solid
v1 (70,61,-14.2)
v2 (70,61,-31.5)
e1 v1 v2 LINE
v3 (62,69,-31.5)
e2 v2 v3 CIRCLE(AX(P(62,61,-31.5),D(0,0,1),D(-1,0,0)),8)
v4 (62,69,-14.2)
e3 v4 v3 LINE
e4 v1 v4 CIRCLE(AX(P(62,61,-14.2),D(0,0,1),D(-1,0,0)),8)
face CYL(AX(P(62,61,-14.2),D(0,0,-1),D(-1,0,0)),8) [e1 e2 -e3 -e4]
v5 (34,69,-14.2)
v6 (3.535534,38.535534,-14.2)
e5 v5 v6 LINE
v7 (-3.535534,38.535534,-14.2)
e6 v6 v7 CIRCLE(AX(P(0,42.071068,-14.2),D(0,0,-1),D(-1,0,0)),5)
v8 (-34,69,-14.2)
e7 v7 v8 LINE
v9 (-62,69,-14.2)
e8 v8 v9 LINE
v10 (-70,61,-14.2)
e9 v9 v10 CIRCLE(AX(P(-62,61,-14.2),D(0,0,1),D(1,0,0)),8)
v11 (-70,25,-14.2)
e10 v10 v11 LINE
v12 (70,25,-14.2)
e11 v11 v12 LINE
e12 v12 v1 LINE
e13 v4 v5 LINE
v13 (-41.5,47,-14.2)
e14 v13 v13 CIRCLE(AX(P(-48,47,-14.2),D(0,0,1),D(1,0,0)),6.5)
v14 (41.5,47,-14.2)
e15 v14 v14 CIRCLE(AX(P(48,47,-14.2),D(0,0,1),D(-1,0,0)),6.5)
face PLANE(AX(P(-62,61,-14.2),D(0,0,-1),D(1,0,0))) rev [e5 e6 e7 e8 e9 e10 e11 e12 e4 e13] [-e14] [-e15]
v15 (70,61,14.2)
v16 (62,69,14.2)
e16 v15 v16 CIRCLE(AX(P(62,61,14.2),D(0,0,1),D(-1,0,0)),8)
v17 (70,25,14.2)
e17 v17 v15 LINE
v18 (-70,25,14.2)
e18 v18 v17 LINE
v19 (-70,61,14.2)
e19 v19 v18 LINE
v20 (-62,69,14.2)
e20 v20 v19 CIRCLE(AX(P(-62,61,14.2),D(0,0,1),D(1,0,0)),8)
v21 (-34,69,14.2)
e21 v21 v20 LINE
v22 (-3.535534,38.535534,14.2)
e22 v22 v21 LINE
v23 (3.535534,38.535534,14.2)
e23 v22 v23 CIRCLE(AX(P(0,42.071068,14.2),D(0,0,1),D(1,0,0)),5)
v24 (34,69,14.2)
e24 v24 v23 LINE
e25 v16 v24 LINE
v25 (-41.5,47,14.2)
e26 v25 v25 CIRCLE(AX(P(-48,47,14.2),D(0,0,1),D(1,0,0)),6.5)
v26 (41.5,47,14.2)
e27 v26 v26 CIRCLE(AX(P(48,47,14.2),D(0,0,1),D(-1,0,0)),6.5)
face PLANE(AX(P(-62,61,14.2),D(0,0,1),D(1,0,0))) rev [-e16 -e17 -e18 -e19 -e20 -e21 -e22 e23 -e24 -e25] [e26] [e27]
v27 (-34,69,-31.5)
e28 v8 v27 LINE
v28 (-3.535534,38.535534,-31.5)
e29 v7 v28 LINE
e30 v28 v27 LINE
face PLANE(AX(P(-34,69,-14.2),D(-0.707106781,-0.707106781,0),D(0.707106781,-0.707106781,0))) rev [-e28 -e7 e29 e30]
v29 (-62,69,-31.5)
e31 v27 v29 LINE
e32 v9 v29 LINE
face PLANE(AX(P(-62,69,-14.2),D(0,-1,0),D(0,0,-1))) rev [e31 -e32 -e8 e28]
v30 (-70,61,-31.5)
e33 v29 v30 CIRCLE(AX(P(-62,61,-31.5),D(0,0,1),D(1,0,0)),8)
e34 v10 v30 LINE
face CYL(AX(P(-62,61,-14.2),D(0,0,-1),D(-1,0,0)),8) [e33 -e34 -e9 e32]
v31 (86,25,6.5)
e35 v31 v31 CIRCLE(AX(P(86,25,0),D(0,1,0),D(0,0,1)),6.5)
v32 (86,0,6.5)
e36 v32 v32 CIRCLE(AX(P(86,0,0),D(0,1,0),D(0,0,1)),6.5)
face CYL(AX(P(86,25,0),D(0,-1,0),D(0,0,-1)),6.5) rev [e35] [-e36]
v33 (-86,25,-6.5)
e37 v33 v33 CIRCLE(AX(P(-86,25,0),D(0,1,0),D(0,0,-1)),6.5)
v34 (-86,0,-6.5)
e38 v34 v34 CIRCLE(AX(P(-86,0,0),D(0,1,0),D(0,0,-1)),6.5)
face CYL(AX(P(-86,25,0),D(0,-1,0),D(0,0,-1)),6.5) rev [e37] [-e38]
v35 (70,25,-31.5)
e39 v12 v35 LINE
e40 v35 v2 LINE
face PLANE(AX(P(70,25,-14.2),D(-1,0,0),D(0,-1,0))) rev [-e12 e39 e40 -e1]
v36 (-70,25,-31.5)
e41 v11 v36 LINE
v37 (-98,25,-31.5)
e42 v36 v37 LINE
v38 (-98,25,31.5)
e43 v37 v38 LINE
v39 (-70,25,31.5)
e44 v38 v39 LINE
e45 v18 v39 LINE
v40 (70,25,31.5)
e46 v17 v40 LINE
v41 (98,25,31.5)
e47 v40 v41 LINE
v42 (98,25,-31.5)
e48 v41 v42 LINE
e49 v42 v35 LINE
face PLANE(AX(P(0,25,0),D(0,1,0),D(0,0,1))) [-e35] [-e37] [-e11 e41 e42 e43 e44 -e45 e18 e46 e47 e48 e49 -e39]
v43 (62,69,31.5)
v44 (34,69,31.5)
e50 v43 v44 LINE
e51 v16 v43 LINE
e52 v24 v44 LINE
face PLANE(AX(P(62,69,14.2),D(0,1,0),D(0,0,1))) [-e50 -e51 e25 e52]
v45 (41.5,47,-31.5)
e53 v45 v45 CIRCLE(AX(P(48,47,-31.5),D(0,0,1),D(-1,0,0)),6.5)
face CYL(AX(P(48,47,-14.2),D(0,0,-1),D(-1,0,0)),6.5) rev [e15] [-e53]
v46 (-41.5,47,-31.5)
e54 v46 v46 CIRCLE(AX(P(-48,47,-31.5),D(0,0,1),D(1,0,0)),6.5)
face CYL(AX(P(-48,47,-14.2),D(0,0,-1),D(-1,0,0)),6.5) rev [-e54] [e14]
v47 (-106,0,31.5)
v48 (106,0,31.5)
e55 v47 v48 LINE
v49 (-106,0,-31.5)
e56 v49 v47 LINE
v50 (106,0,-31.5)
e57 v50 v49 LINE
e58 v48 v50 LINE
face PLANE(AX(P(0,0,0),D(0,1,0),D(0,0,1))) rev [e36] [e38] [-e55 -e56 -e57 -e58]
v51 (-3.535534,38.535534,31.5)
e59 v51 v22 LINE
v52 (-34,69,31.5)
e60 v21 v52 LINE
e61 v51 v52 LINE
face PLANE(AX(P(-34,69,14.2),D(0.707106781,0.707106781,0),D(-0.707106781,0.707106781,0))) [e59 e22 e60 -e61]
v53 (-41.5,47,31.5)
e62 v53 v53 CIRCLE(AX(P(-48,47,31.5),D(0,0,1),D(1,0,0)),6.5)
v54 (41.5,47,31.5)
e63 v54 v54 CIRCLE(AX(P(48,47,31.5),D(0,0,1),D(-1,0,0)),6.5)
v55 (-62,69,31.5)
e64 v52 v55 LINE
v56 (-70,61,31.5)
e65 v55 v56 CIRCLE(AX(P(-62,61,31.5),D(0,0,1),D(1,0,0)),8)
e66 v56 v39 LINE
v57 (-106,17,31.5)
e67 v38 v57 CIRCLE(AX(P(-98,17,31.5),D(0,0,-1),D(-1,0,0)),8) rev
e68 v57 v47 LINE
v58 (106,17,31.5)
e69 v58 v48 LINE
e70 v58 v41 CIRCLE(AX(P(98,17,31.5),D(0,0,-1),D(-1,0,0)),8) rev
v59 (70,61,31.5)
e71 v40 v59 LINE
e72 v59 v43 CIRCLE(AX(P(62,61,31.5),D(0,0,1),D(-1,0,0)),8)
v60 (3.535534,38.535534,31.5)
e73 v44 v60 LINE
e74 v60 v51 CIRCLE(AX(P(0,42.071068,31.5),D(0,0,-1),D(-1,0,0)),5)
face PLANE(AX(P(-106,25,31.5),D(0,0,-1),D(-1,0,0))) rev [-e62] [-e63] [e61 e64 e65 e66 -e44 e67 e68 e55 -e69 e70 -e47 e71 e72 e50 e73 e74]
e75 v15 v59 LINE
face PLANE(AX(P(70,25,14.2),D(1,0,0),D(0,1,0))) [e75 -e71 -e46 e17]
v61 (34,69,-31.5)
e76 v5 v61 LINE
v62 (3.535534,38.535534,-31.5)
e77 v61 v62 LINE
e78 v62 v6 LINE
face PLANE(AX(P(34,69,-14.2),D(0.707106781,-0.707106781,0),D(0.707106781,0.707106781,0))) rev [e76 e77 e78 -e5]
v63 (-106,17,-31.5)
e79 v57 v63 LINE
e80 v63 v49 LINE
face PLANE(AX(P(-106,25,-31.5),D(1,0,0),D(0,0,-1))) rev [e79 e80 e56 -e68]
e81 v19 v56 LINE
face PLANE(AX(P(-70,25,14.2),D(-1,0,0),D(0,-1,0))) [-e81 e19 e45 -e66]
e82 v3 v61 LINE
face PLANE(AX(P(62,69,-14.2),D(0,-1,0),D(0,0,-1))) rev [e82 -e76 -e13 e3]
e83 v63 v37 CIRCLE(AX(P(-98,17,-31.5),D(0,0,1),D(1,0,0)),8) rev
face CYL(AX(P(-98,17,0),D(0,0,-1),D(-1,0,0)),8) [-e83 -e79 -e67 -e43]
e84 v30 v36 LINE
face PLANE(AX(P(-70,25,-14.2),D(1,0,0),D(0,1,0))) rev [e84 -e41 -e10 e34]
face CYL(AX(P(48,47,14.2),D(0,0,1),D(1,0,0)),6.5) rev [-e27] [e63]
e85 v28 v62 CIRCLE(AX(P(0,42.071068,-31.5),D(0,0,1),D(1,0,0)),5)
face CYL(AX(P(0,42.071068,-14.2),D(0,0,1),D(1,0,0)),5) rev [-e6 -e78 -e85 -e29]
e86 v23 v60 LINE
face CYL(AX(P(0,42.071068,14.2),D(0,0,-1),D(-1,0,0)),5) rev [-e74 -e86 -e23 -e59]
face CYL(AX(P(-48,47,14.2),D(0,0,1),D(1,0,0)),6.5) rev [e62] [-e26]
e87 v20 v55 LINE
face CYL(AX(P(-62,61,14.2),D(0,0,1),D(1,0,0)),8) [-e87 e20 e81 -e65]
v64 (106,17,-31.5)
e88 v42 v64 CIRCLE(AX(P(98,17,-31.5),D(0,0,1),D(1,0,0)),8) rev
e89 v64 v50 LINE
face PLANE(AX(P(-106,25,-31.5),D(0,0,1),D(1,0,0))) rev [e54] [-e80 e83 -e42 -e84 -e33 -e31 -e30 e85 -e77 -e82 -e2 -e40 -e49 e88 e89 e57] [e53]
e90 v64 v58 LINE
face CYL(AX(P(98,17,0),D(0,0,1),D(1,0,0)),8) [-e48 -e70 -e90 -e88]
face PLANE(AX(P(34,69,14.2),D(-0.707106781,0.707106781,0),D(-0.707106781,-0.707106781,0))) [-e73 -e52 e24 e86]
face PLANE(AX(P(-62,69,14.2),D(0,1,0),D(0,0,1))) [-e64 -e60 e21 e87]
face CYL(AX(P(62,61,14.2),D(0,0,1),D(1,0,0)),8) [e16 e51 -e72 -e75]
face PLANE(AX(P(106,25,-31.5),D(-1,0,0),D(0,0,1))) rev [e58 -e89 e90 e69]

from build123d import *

# Parameters (mm, degrees)
SKETCH1_W           = 212
SKETCH1_H           = 63
SKETCH1_R           = 6.5
BOSS_EXTRUDE1_DEPTH = 25
SKETCH2_R           = 6.5
BOSS_EXTRUDE2_DEPTH = 17.3
FILLET1_R           = 8
FILLET2_R           = 5


with BuildPart() as part:
    # Sketch1 → Boss-Extrude1 (new body)
    with BuildSketch(Plane(origin=(0, 0, 0), x_dir=(1, 0, 0), z_dir=(0, 1, 0))):
        Rectangle(SKETCH1_W, SKETCH1_H)
        with Locations((86, 0)):
            Circle(SKETCH1_R, mode=Mode.SUBTRACT)
        with Locations((-86, 0)):
            Circle(SKETCH1_R, mode=Mode.SUBTRACT)
    extrude(amount=BOSS_EXTRUDE1_DEPTH)

    # Sketch2 → Boss-Extrude2 (add)
    with BuildSketch(Plane.XY.offset(31.5)):
        with BuildLine():
            Line((-70, 25), (70, 25))
            Line((70, 25), (70, 61))
            ThreePointArc((70, 61), (67.656854249, 66.656854249), (62, 69))
            Line((62, 69), (34, 69))
            Line((34, 69), (0, 35))
            Line((0, 35), (-34, 69))
            Line((-34, 69), (-62, 69))
            ThreePointArc((-62, 69), (-67.656854249, 66.656854249), (-70, 61))
            Line((-70, 61), (-70, 25))
        make_face()
        with Locations((-48, 47)):
            Circle(SKETCH2_R, mode=Mode.SUBTRACT)
        with Locations((48, 47)):
            Circle(SKETCH2_R, mode=Mode.SUBTRACT)
    boss_extrude2 = extrude(amount=-BOSS_EXTRUDE2_DEPTH)

    # Mirror1: Boss-Extrude2 across plane
    add(boss_extrude2.mirror(Plane.XY))

    # Fillet1
    fillet1_edges = [part.edges().sort_by_distance(p)[0] for p in [
        (-106, 25, 0),
        (106, 25, 0),
    ]]
    fillet(fillet1_edges, radius=FILLET1_R)

    # Fillet2
    fillet2_edges = [part.edges().sort_by_distance(p)[0] for p in [
        (0, 35, 22.85),
        (0, 35, -22.85),
    ]]
    fillet(fillet2_edges, radius=FILLET2_R)


solid = part.part
